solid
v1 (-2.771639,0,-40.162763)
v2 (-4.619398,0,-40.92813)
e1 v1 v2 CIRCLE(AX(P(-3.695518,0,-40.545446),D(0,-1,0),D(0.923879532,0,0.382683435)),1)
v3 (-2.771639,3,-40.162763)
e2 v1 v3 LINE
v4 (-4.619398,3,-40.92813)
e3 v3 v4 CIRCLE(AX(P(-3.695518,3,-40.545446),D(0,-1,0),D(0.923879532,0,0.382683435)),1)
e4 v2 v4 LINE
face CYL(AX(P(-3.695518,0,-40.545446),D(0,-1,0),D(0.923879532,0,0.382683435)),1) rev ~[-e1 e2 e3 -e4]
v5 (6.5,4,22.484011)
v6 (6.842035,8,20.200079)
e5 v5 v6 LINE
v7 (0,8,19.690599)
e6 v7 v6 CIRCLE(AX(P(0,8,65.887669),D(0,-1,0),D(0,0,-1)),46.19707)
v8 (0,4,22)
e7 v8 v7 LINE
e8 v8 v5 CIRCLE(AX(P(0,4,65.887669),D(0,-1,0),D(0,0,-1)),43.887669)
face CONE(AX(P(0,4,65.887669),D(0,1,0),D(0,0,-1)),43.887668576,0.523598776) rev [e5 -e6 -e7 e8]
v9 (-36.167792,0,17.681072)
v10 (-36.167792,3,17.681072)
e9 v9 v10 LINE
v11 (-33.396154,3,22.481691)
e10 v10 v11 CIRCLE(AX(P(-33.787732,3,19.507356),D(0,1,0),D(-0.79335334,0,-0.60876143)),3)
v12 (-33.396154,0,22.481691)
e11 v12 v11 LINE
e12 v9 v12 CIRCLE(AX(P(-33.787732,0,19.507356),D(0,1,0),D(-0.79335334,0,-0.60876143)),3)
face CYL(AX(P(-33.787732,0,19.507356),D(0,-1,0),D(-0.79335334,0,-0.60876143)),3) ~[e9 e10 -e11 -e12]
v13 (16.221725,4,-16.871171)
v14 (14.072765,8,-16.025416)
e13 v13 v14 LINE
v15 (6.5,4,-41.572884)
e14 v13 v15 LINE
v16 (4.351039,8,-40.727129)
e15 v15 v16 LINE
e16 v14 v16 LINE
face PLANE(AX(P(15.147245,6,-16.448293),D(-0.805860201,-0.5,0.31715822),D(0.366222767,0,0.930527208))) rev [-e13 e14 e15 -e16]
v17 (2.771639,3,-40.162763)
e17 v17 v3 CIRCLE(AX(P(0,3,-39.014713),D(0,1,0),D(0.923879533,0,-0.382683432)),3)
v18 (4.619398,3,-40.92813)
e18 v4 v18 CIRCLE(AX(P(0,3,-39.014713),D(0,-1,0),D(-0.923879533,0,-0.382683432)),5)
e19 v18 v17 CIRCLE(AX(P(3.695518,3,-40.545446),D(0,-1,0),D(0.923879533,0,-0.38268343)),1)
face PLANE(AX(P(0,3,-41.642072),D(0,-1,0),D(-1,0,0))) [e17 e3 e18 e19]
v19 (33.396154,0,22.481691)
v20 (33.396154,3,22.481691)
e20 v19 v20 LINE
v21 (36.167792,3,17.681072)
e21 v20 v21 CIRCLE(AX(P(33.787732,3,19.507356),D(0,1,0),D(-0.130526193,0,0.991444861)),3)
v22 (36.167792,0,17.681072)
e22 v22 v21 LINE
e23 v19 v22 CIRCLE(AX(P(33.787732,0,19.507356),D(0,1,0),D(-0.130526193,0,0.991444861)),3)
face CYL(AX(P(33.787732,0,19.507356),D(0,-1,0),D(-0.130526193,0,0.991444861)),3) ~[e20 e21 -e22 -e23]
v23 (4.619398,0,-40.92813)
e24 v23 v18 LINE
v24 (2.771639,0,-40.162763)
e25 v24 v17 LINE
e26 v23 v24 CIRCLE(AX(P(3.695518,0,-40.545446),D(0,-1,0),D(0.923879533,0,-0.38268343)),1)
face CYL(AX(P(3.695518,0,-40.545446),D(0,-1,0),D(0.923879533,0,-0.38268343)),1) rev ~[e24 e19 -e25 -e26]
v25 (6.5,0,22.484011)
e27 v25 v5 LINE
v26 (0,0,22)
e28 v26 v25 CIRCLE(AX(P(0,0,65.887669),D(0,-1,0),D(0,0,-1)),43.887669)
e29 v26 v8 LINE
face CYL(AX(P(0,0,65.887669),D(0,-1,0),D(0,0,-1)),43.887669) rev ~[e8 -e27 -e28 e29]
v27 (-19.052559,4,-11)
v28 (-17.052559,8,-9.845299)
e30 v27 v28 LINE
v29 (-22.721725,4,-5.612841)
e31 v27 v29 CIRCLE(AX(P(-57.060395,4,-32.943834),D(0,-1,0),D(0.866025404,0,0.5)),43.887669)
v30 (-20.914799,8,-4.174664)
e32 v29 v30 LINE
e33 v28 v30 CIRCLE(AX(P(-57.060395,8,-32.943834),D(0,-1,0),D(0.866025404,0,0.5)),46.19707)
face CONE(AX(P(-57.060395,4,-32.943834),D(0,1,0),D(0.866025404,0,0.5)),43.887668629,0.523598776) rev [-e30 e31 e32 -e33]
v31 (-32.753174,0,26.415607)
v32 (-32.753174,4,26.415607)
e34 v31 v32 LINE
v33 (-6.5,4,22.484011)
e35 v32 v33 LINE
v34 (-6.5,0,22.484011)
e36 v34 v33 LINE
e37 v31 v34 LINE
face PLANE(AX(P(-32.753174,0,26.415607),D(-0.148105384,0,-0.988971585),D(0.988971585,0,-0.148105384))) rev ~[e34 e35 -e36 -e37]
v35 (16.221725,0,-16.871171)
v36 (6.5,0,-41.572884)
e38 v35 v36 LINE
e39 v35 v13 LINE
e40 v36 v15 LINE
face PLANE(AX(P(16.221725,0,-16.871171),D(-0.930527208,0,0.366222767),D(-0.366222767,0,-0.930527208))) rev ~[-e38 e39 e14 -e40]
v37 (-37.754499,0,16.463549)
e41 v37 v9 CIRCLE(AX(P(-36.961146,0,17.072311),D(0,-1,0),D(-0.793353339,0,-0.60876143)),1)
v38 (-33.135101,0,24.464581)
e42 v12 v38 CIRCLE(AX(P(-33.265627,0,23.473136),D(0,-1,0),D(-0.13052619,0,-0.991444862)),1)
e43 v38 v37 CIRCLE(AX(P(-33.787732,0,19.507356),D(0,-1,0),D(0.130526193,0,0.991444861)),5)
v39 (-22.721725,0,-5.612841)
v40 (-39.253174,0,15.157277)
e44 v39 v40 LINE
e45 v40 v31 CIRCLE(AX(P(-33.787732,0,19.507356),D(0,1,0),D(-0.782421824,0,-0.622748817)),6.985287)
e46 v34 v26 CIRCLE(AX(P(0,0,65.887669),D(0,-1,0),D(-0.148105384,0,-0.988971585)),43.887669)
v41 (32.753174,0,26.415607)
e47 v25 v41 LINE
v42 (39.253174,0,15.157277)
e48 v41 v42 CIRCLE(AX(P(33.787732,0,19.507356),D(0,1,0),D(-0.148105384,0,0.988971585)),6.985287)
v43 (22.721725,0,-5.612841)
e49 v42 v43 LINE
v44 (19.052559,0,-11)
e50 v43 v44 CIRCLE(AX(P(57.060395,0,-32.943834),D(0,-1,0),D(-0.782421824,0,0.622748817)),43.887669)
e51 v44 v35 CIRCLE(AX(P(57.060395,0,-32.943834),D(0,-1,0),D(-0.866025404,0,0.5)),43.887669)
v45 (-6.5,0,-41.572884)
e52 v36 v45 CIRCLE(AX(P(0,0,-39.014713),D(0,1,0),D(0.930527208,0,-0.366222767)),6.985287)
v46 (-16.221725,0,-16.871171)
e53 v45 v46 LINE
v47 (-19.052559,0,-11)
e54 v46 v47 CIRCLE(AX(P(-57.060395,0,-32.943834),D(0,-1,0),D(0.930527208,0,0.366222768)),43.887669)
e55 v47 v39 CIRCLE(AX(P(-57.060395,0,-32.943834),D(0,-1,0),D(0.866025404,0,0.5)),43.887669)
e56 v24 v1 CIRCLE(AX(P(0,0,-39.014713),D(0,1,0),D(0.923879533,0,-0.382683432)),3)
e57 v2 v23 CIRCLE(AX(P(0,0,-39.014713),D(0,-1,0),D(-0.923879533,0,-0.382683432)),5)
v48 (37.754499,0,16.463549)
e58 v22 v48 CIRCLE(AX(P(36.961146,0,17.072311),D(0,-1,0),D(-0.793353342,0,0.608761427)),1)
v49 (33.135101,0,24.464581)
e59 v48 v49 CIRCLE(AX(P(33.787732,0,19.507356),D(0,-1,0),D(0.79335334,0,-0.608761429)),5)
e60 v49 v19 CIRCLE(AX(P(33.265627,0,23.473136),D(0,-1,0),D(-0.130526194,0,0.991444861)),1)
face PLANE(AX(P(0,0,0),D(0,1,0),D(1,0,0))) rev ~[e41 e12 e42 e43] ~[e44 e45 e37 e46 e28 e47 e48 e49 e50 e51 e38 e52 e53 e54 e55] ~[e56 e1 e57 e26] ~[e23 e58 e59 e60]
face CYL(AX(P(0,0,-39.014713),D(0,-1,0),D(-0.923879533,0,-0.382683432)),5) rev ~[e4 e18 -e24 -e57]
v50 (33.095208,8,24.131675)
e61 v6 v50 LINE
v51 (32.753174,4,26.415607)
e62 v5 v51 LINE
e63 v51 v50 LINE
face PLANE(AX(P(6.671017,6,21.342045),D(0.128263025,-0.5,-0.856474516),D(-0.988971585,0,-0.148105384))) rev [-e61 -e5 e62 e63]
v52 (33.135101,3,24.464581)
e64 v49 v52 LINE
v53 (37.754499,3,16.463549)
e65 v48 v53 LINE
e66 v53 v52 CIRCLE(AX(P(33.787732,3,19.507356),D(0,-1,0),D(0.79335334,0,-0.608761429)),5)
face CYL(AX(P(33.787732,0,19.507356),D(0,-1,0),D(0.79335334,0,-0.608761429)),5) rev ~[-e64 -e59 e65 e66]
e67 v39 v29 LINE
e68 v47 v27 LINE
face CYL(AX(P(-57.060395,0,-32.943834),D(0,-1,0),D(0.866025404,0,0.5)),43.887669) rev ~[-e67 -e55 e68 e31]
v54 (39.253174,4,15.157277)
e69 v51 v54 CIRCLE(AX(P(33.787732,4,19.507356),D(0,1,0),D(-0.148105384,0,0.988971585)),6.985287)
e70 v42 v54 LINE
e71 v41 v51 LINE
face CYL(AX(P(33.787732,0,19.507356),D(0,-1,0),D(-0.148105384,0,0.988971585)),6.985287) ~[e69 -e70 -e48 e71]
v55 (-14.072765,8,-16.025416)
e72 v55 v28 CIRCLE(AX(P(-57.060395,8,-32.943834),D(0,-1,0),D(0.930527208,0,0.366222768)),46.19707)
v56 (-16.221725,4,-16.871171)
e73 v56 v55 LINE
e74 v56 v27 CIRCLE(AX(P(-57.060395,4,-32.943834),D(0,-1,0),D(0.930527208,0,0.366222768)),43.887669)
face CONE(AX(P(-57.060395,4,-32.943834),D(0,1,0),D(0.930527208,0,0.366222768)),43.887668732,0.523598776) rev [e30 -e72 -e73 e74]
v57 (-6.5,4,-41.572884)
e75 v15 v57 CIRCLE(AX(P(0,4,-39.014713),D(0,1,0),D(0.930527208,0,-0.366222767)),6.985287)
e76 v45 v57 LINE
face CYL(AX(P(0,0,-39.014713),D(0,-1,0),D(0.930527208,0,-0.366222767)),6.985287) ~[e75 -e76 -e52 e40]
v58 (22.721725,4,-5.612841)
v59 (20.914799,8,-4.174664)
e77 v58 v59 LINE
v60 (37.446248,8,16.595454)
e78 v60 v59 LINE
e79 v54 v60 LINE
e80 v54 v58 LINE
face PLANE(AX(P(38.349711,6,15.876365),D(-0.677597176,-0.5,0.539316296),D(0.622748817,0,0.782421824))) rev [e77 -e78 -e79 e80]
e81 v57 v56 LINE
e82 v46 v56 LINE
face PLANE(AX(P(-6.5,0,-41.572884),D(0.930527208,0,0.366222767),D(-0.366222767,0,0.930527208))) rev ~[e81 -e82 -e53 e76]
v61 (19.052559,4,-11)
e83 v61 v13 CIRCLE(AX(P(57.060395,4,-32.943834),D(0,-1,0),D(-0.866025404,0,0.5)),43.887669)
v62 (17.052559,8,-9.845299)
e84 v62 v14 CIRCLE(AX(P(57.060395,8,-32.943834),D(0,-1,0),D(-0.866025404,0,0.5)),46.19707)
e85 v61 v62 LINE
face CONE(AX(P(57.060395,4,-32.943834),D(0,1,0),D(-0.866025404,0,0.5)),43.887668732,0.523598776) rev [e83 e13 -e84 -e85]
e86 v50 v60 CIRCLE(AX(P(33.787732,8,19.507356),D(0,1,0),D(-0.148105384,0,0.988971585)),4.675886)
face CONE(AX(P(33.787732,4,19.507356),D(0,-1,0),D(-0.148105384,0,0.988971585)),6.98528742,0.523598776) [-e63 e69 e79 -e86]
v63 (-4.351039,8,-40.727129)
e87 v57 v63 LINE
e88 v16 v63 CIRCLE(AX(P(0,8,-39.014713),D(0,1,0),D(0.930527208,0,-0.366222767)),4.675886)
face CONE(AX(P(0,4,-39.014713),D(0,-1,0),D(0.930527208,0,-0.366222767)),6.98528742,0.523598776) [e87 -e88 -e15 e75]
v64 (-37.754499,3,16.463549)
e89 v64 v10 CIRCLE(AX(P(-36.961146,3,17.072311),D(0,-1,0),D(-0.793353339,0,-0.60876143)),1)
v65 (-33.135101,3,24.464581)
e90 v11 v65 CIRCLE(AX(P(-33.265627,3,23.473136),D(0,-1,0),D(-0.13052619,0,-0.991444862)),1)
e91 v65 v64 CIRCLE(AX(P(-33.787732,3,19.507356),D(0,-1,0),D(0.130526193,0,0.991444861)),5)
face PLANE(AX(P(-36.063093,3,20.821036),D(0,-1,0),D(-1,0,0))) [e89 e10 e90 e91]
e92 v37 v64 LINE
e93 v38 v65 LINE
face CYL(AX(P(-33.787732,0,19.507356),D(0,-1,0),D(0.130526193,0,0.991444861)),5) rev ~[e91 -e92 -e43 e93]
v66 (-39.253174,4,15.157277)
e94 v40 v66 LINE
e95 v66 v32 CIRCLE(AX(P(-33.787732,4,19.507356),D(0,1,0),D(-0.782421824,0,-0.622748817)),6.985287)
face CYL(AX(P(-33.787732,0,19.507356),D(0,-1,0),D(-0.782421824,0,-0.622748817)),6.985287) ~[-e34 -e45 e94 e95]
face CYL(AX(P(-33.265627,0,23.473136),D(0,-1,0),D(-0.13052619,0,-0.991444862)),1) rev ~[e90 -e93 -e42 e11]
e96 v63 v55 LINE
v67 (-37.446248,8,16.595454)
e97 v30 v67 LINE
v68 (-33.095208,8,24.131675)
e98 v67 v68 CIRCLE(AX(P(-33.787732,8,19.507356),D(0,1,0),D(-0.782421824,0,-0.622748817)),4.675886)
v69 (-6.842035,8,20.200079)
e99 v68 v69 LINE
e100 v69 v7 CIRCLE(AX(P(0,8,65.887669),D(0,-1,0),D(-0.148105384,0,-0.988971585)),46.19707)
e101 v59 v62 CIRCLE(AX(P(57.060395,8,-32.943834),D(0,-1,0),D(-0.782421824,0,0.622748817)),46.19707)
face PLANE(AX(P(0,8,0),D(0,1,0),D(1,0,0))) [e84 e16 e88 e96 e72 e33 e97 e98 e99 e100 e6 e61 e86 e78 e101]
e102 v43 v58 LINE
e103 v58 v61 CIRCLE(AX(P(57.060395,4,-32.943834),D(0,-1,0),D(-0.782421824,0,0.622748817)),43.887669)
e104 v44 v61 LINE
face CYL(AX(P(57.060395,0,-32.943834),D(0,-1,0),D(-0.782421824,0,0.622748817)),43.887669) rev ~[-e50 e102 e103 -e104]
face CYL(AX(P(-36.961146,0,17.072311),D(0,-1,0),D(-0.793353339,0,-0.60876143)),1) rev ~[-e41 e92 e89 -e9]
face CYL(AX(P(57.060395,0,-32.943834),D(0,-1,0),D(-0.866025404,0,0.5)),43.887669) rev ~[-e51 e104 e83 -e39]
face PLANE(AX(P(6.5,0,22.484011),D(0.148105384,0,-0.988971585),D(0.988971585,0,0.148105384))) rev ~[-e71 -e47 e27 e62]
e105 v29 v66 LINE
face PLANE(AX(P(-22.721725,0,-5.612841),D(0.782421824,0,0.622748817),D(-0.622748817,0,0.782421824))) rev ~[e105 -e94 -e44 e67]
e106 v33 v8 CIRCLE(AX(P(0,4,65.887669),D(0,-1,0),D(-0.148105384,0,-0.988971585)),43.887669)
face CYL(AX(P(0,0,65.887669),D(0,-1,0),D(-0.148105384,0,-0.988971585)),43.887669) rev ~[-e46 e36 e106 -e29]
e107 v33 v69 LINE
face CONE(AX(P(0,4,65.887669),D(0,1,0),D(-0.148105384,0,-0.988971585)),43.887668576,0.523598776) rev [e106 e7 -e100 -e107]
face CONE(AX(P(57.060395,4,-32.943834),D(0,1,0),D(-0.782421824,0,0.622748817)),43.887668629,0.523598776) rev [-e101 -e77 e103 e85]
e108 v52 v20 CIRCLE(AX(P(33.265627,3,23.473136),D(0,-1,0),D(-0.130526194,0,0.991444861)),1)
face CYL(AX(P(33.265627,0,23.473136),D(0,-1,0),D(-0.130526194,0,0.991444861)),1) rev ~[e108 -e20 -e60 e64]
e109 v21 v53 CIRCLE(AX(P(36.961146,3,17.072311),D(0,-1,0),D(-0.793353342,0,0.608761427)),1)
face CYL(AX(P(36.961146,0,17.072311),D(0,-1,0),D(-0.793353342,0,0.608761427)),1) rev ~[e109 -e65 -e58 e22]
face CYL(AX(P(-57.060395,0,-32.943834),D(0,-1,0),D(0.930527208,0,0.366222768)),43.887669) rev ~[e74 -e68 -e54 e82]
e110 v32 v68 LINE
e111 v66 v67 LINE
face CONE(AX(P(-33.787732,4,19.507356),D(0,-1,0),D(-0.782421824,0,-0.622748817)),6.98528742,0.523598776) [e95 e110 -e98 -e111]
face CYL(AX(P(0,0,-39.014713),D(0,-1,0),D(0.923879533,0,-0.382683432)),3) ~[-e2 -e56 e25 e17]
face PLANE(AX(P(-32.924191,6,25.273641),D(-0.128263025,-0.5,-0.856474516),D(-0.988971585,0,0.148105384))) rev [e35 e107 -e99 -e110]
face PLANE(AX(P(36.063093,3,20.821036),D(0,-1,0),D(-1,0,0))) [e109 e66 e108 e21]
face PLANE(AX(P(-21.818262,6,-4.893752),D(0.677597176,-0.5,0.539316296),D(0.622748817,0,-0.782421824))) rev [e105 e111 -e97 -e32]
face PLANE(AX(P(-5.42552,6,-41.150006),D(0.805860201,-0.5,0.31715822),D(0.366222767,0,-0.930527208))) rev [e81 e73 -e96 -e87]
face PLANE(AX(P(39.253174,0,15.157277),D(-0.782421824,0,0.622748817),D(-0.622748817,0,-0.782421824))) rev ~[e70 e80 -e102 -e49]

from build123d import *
from OCP.BRepFilletAPI import BRepFilletAPI_MakeChamfer

# Parameters (mm, degrees)
EXTRUDE2_DEPTH     = 8
CHAMFER2_SIZE      = 4
CHAMFER2_SIZE2     = 2.309401077
CUT_EXTRUDE1_DEPTH = 3


with BuildPart() as part:
    # Sketch1 → Extrude2 (new body)
    with BuildSketch(Plane(origin=(0, 0, 0), x_dir=(1, 0, 0), z_dir=(0, 1, 0))):
        with BuildLine():
            Line((-6.5, 41.572883869), (-16.221725084, 16.871170844))
            ThreePointArc((-16.221725084, 16.871170844), (-17.527996386, 13.882959965), (-19.052558883, 11))
            ThreePointArc((-19.052558883, 11), (-20.786994202, 8.238210165), (-22.721725084, 5.612840594))
            Line((-22.721725084, 5.612840594), (-39.253173539, -15.15727681))
            ThreePointArc((-39.253173539, -15.15727681), (-39.837168574, -23), (-32.753173539, -26.415607059))
            Line((-32.753173539, -26.415607059), (-6.5, -22.484011438))
            ThreePointArc((-6.5, -22.484011438), (-3.258997817, -22.12117013), (0, -22))
            ThreePointArc((0, -22), (3.258997817, -22.12117013), (6.5, -22.484011438))
            Line((6.5, -22.484011438), (32.753173539, -26.415607059))
            ThreePointArc((32.753173539, -26.415607059), (39.837168574, -23), (39.253173539, -15.15727681))
            Line((39.253173539, -15.15727681), (22.721725084, 5.612840594))
            ThreePointArc((22.721725084, 5.612840594), (20.786994202, 8.238210165), (19.052558883, 11))
            ThreePointArc((19.052558883, 11), (17.527996386, 13.882959965), (16.221725084, 16.871170844))
            Line((16.221725084, 16.871170844), (6.5, 41.572883869))
            ThreePointArc((6.5, 41.572883869), (0, 46), (-6.5, 41.572883869))
        make_face()
    extrude(amount=EXTRUDE2_DEPTH)

    # Chamfer2: one chamfer whose edges measure the first distance from different faces: ONE call of the kernel's chamfer builder (chamfer() names one face for all edges)
    chamfer2_edges_1 = [part.edges().sort_by_distance(p)[0] for p in [
        (-19.052558883, 8, -11),
    ]]
    chamfer2_side_1 = [part.faces().sort_by_distance(p)[0] for p in [
        (-19.052558883, 4, -11),
    ]]
    chamfer2_edges_2 = [part.edges().sort_by_distance(p)[0] for p in [
        (-30.987449312, 8, 4.772218108),
    ]]
    chamfer2_side_2 = [part.faces().sort_by_distance(p)[0] for p in [
        (-30.987449312, 4, 4.772218108),
    ]]
    chamfer2_edges_3 = [part.edges().sort_by_distance(p)[0] for p in [
        (-39.837168574, 8, 23),
    ]]
    chamfer2_side_3 = [part.faces().sort_by_distance(p)[0] for p in [
        (-39.837168574, 4, 23),
    ]]
    chamfer2_edges_4 = [part.edges().sort_by_distance(p)[0] for p in [
        (-19.626586769, 8, 24.449809248),
    ]]
    chamfer2_side_4 = [part.faces().sort_by_distance(p)[0] for p in [
        (-19.626586769, 4, 24.449809248),
    ]]
    chamfer2_edges_5 = [part.edges().sort_by_distance(p)[0] for p in [
        (0, 8, 22),
    ]]
    chamfer2_side_5 = [part.faces().sort_by_distance(p)[0] for p in [
        (0, 4, 22),
    ]]
    chamfer2_edges_6 = [part.edges().sort_by_distance(p)[0] for p in [
        (19.626586769, 8, 24.449809248),
    ]]
    chamfer2_side_6 = [part.faces().sort_by_distance(p)[0] for p in [
        (19.626586769, 4, 24.449809248),
    ]]
    chamfer2_edges_7 = [part.edges().sort_by_distance(p)[0] for p in [
        (39.837168574, 8, 23),
    ]]
    chamfer2_side_7 = [part.faces().sort_by_distance(p)[0] for p in [
        (39.837168574, 4, 23),
    ]]
    chamfer2_edges_8 = [part.edges().sort_by_distance(p)[0] for p in [
        (30.987449312, 8, 4.772218108),
    ]]
    chamfer2_side_8 = [part.faces().sort_by_distance(p)[0] for p in [
        (30.987449312, 4, 4.772218108),
    ]]
    chamfer2_edges_9 = [part.edges().sort_by_distance(p)[0] for p in [
        (0, 8, -46),
    ]]
    chamfer2_side_9 = [part.faces().sort_by_distance(p)[0] for p in [
        (0, 4, -46),
    ]]
    chamfer2_edges_10 = [part.edges().sort_by_distance(p)[0] for p in [
        (19.052558883, 8, -11),
    ]]
    chamfer2_side_10 = [part.faces().sort_by_distance(p)[0] for p in [
        (19.052558883, 4, -11),
    ]]
    chamfer2_edges_11 = [part.edges().sort_by_distance(p)[0] for p in [
        (11.360862542, 8, -29.222027356),
    ]]
    chamfer2_side_11 = [part.faces().sort_by_distance(p)[0] for p in [
        (11.360862542, 4, -29.222027356),
    ]]
    chamfer2_edges_12 = [part.edges().sort_by_distance(p)[0] for p in [
        (-11.360862542, 8, -29.222027356),
    ]]
    chamfer2_side_12 = [part.faces().sort_by_distance(p)[0] for p in [
        (-11.360862542, 4, -29.222027356),
    ]]
    chamfer2 = BRepFilletAPI_MakeChamfer(part.part.solid().wrapped)
    for e in chamfer2_edges_1:
        chamfer2.Add(CHAMFER2_SIZE, CHAMFER2_SIZE2, e.wrapped, chamfer2_side_1[0].wrapped)  # the first distance lies on this face
    for e in chamfer2_edges_2:
        chamfer2.Add(CHAMFER2_SIZE, CHAMFER2_SIZE2, e.wrapped, chamfer2_side_2[0].wrapped)  # the first distance lies on this face
    for e in chamfer2_edges_3:
        chamfer2.Add(CHAMFER2_SIZE, CHAMFER2_SIZE2, e.wrapped, chamfer2_side_3[0].wrapped)  # the first distance lies on this face
    for e in chamfer2_edges_4:
        chamfer2.Add(CHAMFER2_SIZE, CHAMFER2_SIZE2, e.wrapped, chamfer2_side_4[0].wrapped)  # the first distance lies on this face
    for e in chamfer2_edges_5:
        chamfer2.Add(CHAMFER2_SIZE, CHAMFER2_SIZE2, e.wrapped, chamfer2_side_5[0].wrapped)  # the first distance lies on this face
    for e in chamfer2_edges_6:
        chamfer2.Add(CHAMFER2_SIZE, CHAMFER2_SIZE2, e.wrapped, chamfer2_side_6[0].wrapped)  # the first distance lies on this face
    for e in chamfer2_edges_7:
        chamfer2.Add(CHAMFER2_SIZE, CHAMFER2_SIZE2, e.wrapped, chamfer2_side_7[0].wrapped)  # the first distance lies on this face
    for e in chamfer2_edges_8:
        chamfer2.Add(CHAMFER2_SIZE, CHAMFER2_SIZE2, e.wrapped, chamfer2_side_8[0].wrapped)  # the first distance lies on this face
    for e in chamfer2_edges_9:
        chamfer2.Add(CHAMFER2_SIZE, CHAMFER2_SIZE2, e.wrapped, chamfer2_side_9[0].wrapped)  # the first distance lies on this face
    for e in chamfer2_edges_10:
        chamfer2.Add(CHAMFER2_SIZE, CHAMFER2_SIZE2, e.wrapped, chamfer2_side_10[0].wrapped)  # the first distance lies on this face
    for e in chamfer2_edges_11:
        chamfer2.Add(CHAMFER2_SIZE, CHAMFER2_SIZE2, e.wrapped, chamfer2_side_11[0].wrapped)  # the first distance lies on this face
    for e in chamfer2_edges_12:
        chamfer2.Add(CHAMFER2_SIZE, CHAMFER2_SIZE2, e.wrapped, chamfer2_side_12[0].wrapped)  # the first distance lies on this face
    add(Compound.cast(chamfer2.Shape()), mode=Mode.REPLACE)

    # Sketch2 → Cut-Extrude1 (cut)
    with BuildSketch(Plane(origin=(0, 0, 0), x_dir=(1, 0, 0), z_dir=(0, 1, 0))):
        with BuildLine():
            ThreePointArc((-33.135101254, -24.464580596), (-38.117859233, -22.00735629), (-37.754498914, -16.463549149))
            ThreePointArc((-37.754498914, -16.463549149), (-36.352384156, -16.278957239), (-36.167792243, -17.681071999))
            ThreePointArc((-36.167792243, -17.681071999), (-36.385808436, -21.007356296), (-33.396153637, -22.481690885))
            ThreePointArc((-33.396153637, -22.481690885), (-32.274182592, -23.342609551), (-33.135101254, -24.464580596))
        make_face()
        with BuildLine():
            ThreePointArc((-4.619397662, 40.928129741), (-1e-09, 44.014712579), (4.619397658, 40.928129741))
            ThreePointArc((4.619397658, 40.928129741), (4.078201562, 39.621566787), (2.771638604, 40.162762881))
            ThreePointArc((2.771638604, 40.162762881), (-1e-09, 42.014712591), (-2.771638608, 40.162762881))
            ThreePointArc((-2.771638608, 40.162762881), (-4.078201566, 39.621566787), (-4.619397662, 40.928129741))
        make_face()
        with BuildLine():
            ThreePointArc((37.754498916, -16.463549145), (38.117859234, -22.007356289), (33.135101256, -24.464580593))
            ThreePointArc((33.135101256, -24.464580593), (32.274182594, -23.342609548), (33.396153639, -22.481690882))
            ThreePointArc((33.396153639, -22.481690882), (36.385808436, -21.007356295), (36.167792245, -17.681071996))
            ThreePointArc((36.167792245, -17.681071996), (36.352384158, -16.278957236), (37.754498916, -16.463549145))
        make_face()
    extrude(amount=CUT_EXTRUDE1_DEPTH, mode=Mode.SUBTRACT)


solid = part.part
